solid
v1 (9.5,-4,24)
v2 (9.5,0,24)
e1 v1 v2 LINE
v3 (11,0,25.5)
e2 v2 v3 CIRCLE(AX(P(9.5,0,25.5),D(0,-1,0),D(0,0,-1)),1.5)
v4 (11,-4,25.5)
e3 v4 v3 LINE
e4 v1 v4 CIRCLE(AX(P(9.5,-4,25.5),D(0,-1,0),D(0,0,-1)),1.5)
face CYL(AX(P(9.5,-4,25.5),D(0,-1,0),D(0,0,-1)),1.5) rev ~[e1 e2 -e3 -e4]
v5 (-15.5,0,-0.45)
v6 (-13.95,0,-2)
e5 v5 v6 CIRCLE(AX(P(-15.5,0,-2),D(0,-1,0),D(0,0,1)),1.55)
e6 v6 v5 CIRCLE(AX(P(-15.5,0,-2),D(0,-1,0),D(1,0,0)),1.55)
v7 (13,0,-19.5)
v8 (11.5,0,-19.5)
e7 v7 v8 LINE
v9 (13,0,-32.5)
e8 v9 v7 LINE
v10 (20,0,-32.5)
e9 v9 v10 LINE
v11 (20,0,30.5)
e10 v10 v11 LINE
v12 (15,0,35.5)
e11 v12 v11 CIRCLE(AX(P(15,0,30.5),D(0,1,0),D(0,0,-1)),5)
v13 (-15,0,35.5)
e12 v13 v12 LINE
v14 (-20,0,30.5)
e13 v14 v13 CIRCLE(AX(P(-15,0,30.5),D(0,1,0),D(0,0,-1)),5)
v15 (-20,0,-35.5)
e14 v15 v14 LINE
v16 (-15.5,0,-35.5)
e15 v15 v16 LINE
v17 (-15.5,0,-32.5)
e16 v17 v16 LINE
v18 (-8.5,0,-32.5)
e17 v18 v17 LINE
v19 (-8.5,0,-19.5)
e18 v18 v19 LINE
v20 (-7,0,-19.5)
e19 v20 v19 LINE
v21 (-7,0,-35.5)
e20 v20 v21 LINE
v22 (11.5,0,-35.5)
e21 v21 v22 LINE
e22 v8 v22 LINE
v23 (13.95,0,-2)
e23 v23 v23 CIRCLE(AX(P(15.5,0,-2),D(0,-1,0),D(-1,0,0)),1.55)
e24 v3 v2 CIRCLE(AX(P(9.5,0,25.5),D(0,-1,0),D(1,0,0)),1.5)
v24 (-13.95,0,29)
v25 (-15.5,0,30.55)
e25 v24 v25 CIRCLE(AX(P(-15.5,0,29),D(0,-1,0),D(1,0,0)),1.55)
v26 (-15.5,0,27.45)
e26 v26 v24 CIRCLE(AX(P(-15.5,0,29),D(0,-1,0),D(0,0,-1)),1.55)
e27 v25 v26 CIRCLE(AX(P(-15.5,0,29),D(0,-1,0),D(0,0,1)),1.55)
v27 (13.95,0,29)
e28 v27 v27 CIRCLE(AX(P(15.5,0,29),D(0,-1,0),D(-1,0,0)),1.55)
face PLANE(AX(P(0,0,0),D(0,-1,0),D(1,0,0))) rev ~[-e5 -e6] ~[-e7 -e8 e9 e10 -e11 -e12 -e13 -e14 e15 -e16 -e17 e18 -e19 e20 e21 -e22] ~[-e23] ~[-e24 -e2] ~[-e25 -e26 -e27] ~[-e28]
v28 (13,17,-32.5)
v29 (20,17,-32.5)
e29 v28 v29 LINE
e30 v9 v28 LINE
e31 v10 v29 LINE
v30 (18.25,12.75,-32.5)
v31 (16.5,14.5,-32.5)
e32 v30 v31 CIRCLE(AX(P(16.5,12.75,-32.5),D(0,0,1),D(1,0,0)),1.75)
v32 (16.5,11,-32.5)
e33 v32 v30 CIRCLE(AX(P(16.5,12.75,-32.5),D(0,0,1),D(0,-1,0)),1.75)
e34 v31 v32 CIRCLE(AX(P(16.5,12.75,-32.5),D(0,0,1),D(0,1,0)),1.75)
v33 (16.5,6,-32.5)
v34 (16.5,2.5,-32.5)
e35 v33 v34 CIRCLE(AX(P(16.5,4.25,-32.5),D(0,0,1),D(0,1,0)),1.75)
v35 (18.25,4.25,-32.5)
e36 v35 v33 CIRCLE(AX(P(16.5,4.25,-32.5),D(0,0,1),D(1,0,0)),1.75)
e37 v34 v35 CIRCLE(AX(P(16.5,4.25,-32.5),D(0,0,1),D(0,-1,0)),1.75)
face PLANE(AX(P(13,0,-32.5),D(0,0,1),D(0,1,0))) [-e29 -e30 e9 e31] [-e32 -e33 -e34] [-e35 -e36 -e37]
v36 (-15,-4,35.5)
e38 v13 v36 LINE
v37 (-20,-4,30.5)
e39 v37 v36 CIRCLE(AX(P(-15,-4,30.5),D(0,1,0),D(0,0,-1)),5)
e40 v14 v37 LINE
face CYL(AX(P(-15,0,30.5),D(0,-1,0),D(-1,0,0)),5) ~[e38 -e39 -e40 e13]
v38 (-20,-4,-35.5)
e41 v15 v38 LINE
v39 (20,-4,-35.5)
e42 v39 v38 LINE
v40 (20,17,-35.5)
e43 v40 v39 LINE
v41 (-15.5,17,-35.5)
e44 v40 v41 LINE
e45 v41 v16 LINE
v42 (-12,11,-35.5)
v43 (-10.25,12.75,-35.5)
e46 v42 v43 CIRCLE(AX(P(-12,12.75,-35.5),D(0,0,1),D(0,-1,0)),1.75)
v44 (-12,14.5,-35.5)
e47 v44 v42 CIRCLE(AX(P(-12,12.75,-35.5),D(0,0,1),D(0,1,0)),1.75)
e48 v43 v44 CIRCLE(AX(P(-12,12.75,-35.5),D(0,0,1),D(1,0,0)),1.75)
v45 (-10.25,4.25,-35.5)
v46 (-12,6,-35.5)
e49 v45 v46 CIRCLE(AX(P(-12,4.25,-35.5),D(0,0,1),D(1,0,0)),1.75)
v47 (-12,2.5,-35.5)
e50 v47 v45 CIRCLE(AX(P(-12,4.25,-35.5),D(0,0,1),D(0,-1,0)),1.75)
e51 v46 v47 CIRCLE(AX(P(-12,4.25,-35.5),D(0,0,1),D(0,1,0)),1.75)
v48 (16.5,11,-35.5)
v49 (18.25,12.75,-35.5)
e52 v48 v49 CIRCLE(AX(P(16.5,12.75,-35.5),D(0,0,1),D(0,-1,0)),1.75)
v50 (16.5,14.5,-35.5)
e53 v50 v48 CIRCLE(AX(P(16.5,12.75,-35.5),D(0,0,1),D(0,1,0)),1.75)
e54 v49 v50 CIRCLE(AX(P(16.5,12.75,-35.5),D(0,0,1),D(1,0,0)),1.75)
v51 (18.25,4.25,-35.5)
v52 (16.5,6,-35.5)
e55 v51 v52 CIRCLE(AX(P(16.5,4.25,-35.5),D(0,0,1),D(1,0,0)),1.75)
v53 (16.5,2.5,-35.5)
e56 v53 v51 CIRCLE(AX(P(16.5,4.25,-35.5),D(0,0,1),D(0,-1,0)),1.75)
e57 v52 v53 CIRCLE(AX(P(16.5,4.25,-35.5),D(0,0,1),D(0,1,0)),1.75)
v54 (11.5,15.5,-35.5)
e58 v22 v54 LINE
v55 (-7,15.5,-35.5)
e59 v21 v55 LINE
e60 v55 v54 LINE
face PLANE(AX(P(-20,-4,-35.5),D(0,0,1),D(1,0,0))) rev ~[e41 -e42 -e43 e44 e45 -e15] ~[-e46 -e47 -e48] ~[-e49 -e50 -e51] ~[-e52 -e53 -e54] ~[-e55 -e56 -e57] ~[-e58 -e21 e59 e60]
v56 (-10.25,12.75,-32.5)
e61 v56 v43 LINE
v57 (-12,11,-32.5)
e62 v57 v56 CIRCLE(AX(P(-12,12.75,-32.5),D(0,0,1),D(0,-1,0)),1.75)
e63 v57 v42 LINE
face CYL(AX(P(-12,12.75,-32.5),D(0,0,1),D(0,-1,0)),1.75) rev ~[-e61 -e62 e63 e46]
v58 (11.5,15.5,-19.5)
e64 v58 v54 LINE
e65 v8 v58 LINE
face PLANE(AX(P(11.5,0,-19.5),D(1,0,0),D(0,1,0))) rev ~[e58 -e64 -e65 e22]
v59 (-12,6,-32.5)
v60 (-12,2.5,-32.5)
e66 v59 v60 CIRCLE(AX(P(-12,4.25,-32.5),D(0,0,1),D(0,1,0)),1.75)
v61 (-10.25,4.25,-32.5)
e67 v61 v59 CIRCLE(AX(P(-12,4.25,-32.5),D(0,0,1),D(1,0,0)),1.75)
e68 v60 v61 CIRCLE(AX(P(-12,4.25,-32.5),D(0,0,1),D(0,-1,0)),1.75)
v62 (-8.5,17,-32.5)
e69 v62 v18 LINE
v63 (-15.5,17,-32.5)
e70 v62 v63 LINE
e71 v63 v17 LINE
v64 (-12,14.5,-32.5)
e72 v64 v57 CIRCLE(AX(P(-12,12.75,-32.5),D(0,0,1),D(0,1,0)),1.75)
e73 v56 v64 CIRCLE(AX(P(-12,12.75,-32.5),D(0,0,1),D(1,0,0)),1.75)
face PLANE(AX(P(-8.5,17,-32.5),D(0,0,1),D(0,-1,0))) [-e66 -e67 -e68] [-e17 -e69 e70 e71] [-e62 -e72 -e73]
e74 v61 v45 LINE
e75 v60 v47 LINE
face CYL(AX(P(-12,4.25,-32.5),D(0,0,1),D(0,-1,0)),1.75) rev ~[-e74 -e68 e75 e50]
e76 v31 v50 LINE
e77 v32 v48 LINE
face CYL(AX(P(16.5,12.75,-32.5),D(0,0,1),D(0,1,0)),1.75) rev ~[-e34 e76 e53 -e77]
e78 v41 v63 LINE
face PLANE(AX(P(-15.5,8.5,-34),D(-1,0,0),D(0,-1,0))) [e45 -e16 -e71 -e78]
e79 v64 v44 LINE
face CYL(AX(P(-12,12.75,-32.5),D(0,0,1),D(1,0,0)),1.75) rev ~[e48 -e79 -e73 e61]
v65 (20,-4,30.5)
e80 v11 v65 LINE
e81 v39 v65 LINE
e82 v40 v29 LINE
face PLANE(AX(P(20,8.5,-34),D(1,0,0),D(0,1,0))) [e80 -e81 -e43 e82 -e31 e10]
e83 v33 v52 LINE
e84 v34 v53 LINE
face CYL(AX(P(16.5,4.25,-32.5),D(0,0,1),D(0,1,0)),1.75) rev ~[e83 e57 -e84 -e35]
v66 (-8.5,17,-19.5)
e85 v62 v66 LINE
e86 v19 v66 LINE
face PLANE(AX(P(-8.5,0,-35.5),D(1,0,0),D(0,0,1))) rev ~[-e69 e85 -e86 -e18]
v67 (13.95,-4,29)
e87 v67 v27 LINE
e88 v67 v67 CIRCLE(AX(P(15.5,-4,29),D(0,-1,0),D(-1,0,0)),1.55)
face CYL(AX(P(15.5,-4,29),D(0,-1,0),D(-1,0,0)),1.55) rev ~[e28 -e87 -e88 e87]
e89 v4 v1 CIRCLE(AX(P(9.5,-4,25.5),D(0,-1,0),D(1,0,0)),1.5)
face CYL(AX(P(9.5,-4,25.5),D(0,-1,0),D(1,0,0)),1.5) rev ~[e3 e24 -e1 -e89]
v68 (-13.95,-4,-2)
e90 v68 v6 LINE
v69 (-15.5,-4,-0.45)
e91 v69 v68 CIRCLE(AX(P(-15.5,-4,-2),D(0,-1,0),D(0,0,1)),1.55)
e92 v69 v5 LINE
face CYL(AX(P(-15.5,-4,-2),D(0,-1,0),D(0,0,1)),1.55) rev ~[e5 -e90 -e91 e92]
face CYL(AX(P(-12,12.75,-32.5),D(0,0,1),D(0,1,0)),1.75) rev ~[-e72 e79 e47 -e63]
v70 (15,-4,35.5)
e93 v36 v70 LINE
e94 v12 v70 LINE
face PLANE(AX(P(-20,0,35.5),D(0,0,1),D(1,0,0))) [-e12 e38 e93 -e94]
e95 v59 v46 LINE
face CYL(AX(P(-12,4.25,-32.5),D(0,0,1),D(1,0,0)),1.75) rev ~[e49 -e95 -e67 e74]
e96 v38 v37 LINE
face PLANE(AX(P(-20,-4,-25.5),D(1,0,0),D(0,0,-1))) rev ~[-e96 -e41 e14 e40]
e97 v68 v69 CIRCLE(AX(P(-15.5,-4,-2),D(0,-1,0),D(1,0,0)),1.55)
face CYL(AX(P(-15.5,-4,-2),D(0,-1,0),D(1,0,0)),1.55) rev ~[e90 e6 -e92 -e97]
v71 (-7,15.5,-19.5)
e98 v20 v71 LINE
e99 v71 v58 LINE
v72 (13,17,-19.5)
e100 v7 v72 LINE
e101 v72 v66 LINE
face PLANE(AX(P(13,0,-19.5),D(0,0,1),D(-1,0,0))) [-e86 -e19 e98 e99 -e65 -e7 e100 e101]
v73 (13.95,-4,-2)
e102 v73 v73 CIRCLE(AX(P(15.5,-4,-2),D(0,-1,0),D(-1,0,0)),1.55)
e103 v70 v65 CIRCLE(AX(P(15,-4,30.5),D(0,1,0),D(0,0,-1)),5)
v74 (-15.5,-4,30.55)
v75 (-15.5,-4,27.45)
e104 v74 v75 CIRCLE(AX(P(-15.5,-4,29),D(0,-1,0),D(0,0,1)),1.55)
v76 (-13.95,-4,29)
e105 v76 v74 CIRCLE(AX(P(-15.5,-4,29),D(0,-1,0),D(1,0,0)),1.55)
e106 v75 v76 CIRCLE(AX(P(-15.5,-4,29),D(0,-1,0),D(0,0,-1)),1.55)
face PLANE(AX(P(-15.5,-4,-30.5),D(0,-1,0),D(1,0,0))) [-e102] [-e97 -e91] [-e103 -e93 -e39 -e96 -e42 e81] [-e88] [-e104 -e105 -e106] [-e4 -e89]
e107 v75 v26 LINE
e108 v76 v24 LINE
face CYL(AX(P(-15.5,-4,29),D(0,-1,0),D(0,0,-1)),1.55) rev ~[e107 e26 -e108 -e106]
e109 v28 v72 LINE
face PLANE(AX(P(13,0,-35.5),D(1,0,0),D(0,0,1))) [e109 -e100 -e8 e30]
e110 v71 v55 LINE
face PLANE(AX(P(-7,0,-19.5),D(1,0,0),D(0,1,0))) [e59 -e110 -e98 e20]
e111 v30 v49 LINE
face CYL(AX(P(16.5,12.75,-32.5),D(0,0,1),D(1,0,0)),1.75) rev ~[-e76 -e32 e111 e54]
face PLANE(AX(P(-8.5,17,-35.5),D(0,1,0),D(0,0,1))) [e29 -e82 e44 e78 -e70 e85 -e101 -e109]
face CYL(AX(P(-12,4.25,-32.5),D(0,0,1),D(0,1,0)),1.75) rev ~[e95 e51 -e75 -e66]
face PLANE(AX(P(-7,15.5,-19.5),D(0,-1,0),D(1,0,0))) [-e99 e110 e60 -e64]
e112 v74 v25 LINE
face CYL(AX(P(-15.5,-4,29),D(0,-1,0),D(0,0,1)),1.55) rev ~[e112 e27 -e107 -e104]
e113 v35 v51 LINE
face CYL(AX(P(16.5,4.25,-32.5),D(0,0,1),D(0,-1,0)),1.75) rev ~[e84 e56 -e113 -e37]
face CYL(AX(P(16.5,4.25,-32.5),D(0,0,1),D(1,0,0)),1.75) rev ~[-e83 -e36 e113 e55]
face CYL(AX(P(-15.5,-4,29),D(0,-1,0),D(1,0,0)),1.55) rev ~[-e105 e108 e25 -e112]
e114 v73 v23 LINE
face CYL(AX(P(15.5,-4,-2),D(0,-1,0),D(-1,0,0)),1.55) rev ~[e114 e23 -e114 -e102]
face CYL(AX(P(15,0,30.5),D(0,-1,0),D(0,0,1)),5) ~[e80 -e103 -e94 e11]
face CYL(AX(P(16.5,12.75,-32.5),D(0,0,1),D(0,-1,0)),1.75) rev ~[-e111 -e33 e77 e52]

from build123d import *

# Parameters (mm, degrees)
F0_W      = 40
F0_H      = 71
F1_DEPTH  = 4
F3_DEPTH  = 25
F4_W      = 21.5
F4_H      = 16
F5_DEPTH  = 17
F6_W      = 18.5
F6_H      = 15.5
F7_DEPTH  = 25
F8_W      = 17
F8_H      = 3
F9_DEPTH  = 7
F10_W     = 17
F10_H     = 3
F11_DEPTH = 7
F13_DEPTH = 25
F15_DEPTH = 25
F17_DEPTH = 10
F18_DEPTH = 25
F20_R     = 5
F21_DEPTH = 10
F22_R     = 2.0074769643
F23_DEPTH = 4
F25_DEPTH = 25


with BuildPart() as f1:
    # F0 (on Front) → F1 (new body)
    with BuildSketch(Plane.XZ):
        Rectangle(F0_W, F0_H)
    extrude(amount=F1_DEPTH)

    # F2 (on face) → F3 (cut)
    with BuildSketch(Plane.XZ.offset(4)):
        with BuildLine():
            ThreePointArc((17.05, -2), (15.5, -0.45), (13.95, -2))
            ThreePointArc((13.95, -2), (15.5, -3.55), (17.05, -2))
        make_face()
        with BuildLine():
            ThreePointArc((-13.95, -2), (-14.4039844892, -0.9039844892), (-15.5, -0.45))
            Line((-15.5, -0.45), (-15.5, -2))
            Line((-15.5, -2), (-13.95, -2))
        make_face()
        with BuildLine():
            Line((-15.5, -2), (-15.5, -0.45))
            ThreePointArc((-15.5, -0.45), (-16.5960155108, -3.0960155108), (-13.95, -2))
            Line((-13.95, -2), (-15.5, -2))
        make_face()
        with BuildLine():
            ThreePointArc((-15.5, 27.45), (-14.4039844892, 27.9039844892), (-13.95, 29))
            Line((-13.95, 29), (-15.5, 29))
            Line((-15.5, 29), (-15.5, 27.45))
        make_face()
        with BuildLine():
            Line((-15.5, 29), (-13.95, 29))
            ThreePointArc((-13.95, 29), (-14.4039844892, 30.0960155108), (-15.5, 30.55))
            Line((-15.5, 30.55), (-15.5, 29))
        make_face()
        with BuildLine():
            ThreePointArc((17.05, 29), (15.5, 30.55), (13.95, 29))
            ThreePointArc((13.95, 29), (15.5, 27.45), (17.05, 29))
        make_face()
        with BuildLine():
            Line((-15.5, 27.45), (-15.5, 29))
            Line((-15.5, 29), (-15.5, 30.55))
            ThreePointArc((-15.5, 30.55), (-17.05, 29), (-15.5, 27.45))
        make_face()
    extrude(amount=-F3_DEPTH, mode=Mode.SUBTRACT)

    # F4 (on face) → F5 (join)
    with BuildSketch(Plane(origin=(0, 0, 0), x_dir=(-1, 0, 0), z_dir=(0, 1, 0))):
        with Locations((-2.25, -27.5)):
            Rectangle(F4_W, F4_H)
    extrude(amount=F5_DEPTH)

    # F6 (on face) → F7 (cut)
    with BuildSketch(Plane.XY.offset(-19.5)):
        with Locations((2.25, 7.75)):
            Rectangle(F6_W, F6_H)
    extrude(amount=-F7_DEPTH, mode=Mode.SUBTRACT)

    # F8 (on face) → F9 (join)
    with BuildSketch(Plane.YZ.offset(13)):
        with Locations((8.5, -34)):
            Rectangle(F8_W, F8_H)
    extrude(amount=F9_DEPTH)

    # F10 (on face) → F11 (join)
    with BuildSketch(Plane(origin=(-8.5, 0, 0), x_dir=(0, -1, 0), z_dir=(-1, 0, 0))):
        with Locations((-8.5, -34)):
            Rectangle(F10_W, F10_H)
    extrude(amount=F11_DEPTH)

    # F12 (on face) → F13 (cut)
    with BuildSketch(Plane.XY.offset(-32.5)):
        with BuildLine():
            Line((-12, 14.5), (-12, 11))
            ThreePointArc((-12, 11), (-10.7625631329, 11.5125631329), (-10.25, 12.75))
            ThreePointArc((-10.25, 12.75), (-10.7625631329, 13.9874368671), (-12, 14.5))
        make_face()
        with BuildLine():
            ThreePointArc((-12, 14.5), (-13.75, 12.75), (-12, 11))
            Line((-12, 11), (-12, 14.5))
        make_face()
        with BuildLine():
            ThreePointArc((-12, 6), (-13.75, 4.25), (-12, 2.5))
            Line((-12, 2.5), (-12, 6))
        make_face()
        with BuildLine():
            Line((-12, 6), (-12, 2.5))
            ThreePointArc((-12, 2.5), (-10.7625631329, 3.0125631329), (-10.25, 4.25))
            ThreePointArc((-10.25, 4.25), (-10.7625631329, 5.4874368671), (-12, 6))
        make_face()
    extrude(amount=-F13_DEPTH, mode=Mode.SUBTRACT)

    # F14 (on face) → F15 (cut)
    with BuildSketch(Plane.XY.offset(-32.5)):
        with BuildLine():
            ThreePointArc((18.25, 12.75), (17.7374368671, 13.9874368671), (16.5, 14.5))
            Line((16.5, 14.5), (16.5, 11))
            ThreePointArc((16.5, 11), (17.7374368671, 11.5125631329), (18.25, 12.75))
        make_face()
        with BuildLine():
            ThreePointArc((18.25, 4.25), (17.7374368671, 5.4874368671), (16.5, 6))
            Line((16.5, 6), (16.5, 2.5))
            ThreePointArc((16.5, 2.5), (17.7374368671, 3.0125631329), (18.25, 4.25))
        make_face()
        with BuildLine():
            Line((16.5, 2.5), (16.5, 6))
            ThreePointArc((16.5, 6), (14.75, 4.25), (16.5, 2.5))
        make_face()
        with BuildLine():
            Line((16.5, 11), (16.5, 14.5))
            ThreePointArc((16.5, 14.5), (14.75, 12.75), (16.5, 11))
        make_face()
    extrude(amount=-F15_DEPTH, mode=Mode.SUBTRACT)

    # F16 (on face) → F17 (join)
    with BuildSketch(Plane.XZ.offset(4)):
        Polygon((-20, -25.5), (-20, -35.5), (-15.5, -35.5), (-11, -35.5), (-11, -25.5), align=None)
        with BuildLine():
            ThreePointArc((-13.75, -30.5), (-14.2625631329, -31.7374368671), (-15.5, -32.25))
            ThreePointArc((-15.5, -32.25), (-16.7374368671, -29.2625631329), (-13.75, -30.5))
        make_face(mode=Mode.SUBTRACT)
    extrude(amount=F17_DEPTH)

    # F18 (cut): a face of the model
    f18_faces = [f1.faces().sort_by_distance(p)[0] for p in [
        (-15.5, -4, -30.5),
    ]]
    extrude(f18_faces, amount=-F18_DEPTH, mode=Mode.SUBTRACT)

    # F20
    f20_edges = [f1.edges().sort_by_distance(p)[0] for p in [
        (-20, -2, 35.5),
        (20, -2, 35.5),
    ]]
    fillet(f20_edges, radius=F20_R)

    # F21 (cut): a face of the model
    f21_faces = [f1.faces().sort_by_distance(p)[0] for p in [
        (-19.8654637595, -14, -30.5),
    ]]
    extrude(f21_faces, amount=-F21_DEPTH, mode=Mode.SUBTRACT)

    # F22 (on face) → F23 (join)
    with BuildSketch(Plane.XZ.offset(4)):
        with Locations((-15.5, -30.5)):
            Circle(F22_R)
    extrude(amount=-F23_DEPTH)

    # F24 (on face) → F25 (cut)
    with BuildSketch(Plane.XZ.offset(4)):
        with BuildLine():
            ThreePointArc((9.5, 24), (10.5606601718, 24.4393398282), (11, 25.5))
            ThreePointArc((11, 25.5), (8.4393398282, 26.5606601718), (9.5, 24))
        make_face()
    extrude(amount=-F25_DEPTH, mode=Mode.SUBTRACT)


solid = f1.part
